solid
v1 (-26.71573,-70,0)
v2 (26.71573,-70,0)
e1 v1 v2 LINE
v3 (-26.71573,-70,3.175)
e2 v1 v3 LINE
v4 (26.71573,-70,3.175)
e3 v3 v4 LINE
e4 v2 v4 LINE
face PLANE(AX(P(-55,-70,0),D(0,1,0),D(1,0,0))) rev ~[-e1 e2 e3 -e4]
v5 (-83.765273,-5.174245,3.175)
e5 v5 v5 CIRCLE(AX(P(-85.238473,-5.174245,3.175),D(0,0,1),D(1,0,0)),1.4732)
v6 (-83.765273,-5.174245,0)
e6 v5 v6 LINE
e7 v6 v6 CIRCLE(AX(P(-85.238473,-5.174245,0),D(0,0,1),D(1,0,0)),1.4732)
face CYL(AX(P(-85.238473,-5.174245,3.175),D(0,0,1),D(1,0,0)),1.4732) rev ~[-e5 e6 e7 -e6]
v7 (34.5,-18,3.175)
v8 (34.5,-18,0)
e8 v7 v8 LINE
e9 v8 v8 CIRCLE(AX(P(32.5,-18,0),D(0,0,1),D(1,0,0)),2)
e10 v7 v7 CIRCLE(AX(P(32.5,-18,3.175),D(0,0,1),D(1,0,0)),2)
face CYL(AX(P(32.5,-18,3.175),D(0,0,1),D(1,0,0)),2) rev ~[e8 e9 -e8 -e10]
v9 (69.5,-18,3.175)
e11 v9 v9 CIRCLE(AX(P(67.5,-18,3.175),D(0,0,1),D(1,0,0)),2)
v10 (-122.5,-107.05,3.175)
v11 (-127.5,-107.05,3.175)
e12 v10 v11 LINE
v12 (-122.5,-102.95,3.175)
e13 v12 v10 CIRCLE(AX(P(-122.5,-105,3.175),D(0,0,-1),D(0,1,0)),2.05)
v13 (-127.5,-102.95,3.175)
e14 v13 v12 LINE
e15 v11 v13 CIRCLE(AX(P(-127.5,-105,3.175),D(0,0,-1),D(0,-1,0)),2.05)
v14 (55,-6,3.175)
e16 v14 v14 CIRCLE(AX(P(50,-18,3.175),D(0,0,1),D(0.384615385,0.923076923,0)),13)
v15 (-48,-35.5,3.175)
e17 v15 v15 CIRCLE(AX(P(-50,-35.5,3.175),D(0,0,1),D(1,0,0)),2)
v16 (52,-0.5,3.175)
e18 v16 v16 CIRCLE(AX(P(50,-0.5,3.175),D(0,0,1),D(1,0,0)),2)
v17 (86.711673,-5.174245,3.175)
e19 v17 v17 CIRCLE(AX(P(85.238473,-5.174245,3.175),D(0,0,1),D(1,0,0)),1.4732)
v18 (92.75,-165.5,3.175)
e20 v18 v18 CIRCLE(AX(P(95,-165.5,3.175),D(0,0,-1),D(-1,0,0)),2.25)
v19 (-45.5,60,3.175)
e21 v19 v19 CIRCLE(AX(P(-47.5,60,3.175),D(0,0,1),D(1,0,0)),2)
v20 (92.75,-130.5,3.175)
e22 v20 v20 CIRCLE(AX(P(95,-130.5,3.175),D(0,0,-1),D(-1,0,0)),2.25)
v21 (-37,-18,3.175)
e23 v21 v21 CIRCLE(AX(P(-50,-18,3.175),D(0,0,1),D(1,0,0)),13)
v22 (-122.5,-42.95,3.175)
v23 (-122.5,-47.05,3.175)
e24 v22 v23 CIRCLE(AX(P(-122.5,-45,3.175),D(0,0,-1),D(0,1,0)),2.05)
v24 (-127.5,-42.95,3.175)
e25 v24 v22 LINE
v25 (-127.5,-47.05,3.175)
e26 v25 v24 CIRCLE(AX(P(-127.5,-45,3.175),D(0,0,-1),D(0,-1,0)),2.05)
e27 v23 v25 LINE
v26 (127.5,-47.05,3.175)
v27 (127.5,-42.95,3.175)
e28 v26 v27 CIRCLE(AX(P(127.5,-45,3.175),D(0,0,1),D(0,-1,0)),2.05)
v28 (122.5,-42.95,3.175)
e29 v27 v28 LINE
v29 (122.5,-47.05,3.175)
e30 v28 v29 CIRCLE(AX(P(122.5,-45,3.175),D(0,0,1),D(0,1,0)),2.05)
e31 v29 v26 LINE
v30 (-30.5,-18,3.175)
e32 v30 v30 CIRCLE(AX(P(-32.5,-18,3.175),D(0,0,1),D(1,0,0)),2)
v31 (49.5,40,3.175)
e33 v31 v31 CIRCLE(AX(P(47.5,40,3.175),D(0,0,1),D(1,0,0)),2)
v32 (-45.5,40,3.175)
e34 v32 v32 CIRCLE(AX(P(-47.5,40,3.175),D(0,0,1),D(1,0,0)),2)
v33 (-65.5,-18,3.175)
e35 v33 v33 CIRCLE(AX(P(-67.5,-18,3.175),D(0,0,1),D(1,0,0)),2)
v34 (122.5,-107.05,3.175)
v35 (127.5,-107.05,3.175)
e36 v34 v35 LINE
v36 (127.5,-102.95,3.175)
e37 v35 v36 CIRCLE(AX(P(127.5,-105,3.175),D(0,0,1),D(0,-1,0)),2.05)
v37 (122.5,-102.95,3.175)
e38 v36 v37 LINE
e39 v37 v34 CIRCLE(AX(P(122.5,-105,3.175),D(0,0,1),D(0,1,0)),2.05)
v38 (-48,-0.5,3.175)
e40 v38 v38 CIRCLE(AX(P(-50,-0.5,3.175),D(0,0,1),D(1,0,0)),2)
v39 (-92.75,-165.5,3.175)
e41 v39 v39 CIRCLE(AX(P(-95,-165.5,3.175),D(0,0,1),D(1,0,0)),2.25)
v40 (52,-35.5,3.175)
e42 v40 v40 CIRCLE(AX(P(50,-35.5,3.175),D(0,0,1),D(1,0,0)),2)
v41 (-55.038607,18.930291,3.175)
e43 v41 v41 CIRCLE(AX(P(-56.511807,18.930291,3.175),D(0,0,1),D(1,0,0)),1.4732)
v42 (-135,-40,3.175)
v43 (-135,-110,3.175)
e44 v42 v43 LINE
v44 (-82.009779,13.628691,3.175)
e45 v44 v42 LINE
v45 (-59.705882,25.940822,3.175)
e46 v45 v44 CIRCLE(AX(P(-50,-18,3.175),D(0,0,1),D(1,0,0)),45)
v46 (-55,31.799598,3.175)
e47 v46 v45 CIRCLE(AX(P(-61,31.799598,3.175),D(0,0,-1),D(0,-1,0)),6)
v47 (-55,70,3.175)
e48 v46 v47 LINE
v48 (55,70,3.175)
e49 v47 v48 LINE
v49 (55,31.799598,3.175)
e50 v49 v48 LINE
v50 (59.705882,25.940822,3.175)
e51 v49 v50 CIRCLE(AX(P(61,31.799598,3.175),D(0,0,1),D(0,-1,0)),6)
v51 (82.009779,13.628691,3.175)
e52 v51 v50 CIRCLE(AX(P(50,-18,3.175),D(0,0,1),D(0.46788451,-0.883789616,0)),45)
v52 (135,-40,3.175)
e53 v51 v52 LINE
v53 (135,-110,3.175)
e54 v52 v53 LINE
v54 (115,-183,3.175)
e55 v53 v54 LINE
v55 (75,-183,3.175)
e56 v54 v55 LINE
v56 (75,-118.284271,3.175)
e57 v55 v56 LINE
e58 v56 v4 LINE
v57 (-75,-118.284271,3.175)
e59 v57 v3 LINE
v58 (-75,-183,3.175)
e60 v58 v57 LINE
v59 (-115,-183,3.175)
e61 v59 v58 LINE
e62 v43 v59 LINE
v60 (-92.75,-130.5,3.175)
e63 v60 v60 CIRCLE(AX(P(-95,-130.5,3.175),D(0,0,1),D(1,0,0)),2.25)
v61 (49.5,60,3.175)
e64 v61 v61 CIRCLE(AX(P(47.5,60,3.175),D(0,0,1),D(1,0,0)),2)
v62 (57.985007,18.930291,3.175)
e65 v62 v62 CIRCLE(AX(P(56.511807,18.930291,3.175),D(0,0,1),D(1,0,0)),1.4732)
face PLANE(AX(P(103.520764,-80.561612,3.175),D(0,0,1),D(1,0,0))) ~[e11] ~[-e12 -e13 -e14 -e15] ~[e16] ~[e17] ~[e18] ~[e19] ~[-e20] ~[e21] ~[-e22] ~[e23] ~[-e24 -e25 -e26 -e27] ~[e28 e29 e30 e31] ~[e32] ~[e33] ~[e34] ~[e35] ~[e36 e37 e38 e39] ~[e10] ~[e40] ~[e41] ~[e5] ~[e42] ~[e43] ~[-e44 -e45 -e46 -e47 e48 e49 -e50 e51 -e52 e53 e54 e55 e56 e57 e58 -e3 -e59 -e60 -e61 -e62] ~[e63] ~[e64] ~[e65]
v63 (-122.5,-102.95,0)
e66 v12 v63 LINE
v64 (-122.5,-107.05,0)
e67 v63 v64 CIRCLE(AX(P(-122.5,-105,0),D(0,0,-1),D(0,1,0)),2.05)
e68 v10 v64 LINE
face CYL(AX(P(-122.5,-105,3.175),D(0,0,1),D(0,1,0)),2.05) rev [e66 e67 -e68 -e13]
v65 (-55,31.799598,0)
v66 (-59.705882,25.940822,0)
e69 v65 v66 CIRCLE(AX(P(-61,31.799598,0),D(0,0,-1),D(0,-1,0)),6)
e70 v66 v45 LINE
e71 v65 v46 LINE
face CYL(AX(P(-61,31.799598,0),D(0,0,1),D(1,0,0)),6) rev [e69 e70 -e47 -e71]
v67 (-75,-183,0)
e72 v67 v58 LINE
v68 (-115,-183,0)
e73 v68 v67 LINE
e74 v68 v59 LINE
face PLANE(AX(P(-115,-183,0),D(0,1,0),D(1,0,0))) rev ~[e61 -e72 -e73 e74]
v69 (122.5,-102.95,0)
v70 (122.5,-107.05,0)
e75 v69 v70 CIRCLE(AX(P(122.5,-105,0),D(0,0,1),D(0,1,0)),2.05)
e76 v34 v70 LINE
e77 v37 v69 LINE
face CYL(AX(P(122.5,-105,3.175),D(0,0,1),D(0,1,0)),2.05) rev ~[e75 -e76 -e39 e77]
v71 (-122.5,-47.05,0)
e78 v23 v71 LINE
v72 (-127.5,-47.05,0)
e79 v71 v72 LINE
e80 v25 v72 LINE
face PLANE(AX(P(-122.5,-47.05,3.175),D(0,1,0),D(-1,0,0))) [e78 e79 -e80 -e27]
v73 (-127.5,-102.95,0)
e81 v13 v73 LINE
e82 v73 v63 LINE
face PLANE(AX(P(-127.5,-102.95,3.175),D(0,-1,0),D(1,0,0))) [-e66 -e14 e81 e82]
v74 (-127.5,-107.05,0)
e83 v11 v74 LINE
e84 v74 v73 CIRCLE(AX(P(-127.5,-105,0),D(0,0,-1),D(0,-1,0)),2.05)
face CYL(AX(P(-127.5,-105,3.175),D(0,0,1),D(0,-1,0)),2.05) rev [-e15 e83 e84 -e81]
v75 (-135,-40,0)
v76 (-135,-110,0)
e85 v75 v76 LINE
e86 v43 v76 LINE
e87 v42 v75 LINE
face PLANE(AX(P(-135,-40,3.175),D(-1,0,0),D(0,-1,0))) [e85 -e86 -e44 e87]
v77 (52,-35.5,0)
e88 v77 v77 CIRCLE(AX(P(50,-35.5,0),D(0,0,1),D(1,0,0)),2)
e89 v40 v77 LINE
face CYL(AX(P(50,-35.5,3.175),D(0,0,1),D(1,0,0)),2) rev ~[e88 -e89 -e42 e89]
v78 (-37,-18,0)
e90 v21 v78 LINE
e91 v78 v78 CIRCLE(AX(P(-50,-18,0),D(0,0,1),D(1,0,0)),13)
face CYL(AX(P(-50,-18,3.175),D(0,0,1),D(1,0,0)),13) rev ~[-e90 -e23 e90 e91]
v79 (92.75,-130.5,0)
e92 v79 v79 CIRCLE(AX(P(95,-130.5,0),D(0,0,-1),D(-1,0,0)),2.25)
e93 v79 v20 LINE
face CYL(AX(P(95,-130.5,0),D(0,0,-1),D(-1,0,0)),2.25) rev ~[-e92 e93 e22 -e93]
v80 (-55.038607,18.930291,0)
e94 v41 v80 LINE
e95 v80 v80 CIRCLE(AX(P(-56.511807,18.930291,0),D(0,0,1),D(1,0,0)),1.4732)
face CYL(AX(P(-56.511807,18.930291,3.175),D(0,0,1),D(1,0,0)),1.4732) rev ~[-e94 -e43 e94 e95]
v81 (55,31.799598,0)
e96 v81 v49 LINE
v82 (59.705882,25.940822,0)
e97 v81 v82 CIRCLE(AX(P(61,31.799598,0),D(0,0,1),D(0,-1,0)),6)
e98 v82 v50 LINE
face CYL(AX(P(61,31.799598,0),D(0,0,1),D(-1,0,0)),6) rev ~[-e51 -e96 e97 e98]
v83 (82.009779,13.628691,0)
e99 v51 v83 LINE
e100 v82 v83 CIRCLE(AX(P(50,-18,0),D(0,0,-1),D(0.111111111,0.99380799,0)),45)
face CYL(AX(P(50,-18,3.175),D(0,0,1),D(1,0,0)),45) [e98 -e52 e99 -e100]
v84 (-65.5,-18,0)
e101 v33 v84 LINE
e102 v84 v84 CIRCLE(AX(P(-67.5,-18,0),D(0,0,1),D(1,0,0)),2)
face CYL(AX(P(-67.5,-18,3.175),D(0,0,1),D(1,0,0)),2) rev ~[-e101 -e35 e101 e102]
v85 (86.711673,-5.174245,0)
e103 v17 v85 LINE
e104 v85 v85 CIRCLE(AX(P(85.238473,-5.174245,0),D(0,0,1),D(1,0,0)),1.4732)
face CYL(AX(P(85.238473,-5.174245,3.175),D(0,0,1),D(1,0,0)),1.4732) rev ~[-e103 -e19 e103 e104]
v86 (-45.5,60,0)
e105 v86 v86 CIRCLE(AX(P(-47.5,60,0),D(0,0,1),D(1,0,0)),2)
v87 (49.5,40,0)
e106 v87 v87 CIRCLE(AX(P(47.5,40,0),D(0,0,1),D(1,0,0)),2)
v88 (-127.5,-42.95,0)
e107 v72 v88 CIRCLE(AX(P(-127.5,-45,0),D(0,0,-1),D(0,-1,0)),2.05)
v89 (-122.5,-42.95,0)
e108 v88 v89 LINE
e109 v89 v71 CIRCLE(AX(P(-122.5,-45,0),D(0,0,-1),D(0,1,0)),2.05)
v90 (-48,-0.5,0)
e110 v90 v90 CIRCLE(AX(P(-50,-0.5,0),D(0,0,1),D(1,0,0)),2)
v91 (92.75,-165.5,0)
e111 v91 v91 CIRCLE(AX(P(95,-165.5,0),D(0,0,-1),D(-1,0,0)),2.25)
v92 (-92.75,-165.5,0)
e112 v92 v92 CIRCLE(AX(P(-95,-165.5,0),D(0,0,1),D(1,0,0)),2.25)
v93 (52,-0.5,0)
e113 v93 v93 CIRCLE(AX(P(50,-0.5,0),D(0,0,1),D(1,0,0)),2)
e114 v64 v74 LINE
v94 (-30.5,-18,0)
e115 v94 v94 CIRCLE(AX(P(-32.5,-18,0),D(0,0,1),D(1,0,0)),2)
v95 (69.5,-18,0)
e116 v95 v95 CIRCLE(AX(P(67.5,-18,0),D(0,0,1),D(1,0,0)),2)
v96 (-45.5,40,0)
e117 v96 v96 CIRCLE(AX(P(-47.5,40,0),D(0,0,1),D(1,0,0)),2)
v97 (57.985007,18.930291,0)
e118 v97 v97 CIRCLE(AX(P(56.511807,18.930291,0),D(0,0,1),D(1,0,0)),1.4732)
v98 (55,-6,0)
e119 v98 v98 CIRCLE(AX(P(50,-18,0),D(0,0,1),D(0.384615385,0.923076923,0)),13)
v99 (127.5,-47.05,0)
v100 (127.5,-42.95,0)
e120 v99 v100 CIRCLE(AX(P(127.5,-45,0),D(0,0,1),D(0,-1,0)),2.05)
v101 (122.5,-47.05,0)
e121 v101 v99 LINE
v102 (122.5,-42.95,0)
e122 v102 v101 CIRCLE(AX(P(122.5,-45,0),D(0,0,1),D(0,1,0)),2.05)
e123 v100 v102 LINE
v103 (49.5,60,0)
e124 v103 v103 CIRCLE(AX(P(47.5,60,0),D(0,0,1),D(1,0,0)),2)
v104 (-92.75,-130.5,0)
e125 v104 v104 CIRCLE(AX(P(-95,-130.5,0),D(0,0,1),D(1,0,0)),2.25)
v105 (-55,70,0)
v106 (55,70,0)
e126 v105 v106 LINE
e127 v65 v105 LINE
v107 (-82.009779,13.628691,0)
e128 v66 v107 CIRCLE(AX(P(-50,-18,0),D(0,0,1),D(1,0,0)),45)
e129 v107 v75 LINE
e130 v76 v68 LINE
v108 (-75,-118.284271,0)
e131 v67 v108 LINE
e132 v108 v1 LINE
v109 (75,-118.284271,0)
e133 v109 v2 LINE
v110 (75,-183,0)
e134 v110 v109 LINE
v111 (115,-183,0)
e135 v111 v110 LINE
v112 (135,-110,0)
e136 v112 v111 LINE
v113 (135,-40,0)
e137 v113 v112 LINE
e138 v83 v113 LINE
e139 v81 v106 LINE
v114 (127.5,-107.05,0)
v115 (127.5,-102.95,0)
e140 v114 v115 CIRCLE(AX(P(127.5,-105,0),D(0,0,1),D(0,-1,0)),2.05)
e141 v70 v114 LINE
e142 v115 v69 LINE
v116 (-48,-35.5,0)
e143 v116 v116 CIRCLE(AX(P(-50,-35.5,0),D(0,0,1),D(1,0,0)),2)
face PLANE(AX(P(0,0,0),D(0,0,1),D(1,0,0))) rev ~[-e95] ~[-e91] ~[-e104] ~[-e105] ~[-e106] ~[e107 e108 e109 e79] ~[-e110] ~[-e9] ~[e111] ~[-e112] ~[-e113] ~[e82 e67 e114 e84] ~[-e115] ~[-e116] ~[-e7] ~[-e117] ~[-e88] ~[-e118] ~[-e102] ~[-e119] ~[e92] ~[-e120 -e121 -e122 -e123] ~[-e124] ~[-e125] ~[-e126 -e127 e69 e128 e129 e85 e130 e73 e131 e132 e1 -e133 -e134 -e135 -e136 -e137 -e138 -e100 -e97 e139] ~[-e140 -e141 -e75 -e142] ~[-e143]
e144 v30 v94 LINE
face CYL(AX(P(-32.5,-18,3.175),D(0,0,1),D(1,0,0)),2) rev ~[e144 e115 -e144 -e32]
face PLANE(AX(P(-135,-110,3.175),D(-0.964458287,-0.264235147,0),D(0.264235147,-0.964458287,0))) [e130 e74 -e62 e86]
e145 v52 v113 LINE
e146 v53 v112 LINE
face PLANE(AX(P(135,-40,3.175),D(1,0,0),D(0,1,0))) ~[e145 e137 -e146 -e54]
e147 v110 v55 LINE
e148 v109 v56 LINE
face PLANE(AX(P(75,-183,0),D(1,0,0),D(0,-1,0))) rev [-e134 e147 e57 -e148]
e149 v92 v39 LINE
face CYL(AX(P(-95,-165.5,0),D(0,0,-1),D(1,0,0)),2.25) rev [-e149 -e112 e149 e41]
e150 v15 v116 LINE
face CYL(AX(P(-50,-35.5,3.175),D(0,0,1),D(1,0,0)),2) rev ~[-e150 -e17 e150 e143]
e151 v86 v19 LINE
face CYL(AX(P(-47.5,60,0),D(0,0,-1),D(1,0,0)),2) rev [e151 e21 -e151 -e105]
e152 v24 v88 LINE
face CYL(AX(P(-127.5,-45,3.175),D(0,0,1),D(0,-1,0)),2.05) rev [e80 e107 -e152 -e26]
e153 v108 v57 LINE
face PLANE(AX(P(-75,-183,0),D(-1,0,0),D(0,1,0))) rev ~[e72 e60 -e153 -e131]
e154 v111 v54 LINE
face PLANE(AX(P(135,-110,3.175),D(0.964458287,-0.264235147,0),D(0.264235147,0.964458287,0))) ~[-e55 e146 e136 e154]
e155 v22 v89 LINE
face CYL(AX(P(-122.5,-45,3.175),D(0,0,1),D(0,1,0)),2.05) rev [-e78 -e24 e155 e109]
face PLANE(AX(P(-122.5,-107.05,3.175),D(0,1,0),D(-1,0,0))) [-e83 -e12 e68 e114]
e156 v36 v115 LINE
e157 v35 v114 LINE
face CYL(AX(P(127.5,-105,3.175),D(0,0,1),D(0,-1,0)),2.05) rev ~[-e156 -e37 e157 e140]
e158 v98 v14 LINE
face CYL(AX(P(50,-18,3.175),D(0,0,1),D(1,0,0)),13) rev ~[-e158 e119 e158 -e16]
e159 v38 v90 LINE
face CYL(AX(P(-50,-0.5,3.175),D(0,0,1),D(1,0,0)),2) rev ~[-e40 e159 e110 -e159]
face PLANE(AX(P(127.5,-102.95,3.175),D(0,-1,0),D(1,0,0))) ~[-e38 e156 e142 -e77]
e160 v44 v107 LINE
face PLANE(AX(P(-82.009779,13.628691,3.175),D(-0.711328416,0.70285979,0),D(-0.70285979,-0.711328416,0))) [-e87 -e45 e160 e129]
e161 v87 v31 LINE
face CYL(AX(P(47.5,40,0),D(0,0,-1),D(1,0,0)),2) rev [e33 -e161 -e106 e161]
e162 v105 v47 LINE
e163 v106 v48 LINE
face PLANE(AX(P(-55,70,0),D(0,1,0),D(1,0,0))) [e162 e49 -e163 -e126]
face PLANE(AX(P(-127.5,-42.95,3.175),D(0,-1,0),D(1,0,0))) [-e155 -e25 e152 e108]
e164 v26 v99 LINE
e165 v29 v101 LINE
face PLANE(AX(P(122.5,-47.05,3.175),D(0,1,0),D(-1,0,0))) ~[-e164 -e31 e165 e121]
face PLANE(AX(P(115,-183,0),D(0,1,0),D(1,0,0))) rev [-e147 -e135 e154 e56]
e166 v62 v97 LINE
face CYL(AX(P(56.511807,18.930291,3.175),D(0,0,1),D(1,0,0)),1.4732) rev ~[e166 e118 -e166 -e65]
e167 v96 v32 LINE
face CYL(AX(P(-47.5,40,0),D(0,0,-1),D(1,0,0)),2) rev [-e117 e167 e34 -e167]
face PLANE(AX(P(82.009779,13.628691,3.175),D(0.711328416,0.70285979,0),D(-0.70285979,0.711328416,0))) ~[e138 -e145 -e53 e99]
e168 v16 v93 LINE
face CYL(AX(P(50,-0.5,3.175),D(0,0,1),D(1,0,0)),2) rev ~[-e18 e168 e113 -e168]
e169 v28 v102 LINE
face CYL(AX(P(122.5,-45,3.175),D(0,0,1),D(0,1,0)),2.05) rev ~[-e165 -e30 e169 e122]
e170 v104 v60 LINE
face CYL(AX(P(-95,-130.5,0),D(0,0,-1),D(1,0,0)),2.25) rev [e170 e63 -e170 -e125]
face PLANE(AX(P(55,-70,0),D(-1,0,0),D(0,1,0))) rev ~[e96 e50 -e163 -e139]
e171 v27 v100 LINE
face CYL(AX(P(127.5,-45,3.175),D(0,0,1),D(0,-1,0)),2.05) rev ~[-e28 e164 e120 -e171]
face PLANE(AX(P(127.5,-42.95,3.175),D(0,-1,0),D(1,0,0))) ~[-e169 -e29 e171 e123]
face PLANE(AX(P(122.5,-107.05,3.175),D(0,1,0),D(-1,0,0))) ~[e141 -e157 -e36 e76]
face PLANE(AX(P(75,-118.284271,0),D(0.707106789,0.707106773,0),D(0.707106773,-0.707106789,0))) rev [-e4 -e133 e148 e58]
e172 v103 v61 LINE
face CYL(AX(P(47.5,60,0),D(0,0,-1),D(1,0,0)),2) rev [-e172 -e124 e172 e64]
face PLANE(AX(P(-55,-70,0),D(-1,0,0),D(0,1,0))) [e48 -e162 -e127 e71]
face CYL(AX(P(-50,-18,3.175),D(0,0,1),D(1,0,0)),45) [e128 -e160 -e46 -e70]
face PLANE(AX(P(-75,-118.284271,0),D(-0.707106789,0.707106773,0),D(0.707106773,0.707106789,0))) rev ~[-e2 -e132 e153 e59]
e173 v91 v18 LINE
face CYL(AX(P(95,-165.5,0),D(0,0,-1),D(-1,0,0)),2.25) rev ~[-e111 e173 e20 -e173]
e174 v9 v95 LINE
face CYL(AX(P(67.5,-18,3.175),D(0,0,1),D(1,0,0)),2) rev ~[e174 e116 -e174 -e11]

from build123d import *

# Parameters (mm, degrees)
SKETCH1_W           = 110
SKETCH1_H           = 140
SKETCH1_R           = 2
BOSS_EXTRUDE1_DEPTH = 3.175
SKETCH2_R           = 2.25
BOSS_EXTRUDE2_DEPTH = 3.175
SKETCH3_R           = 45
SKETCH3_R_2         = 2
SKETCH3_R_3         = 13
SKETCH3_R_4         = 1.4732
BOSS_EXTRUDE3_DEPTH = 3.175
BOSS_EXTRUDE5_DEPTH = 3.175
FILLET1_R           = 6
SKETCH6_R           = 2
SKETCH6_R_2         = 13
CUT_EXTRUDE1_DEPTH  = 10


with BuildPart() as part:
    # Sketch1 → Boss-Extrude1 (new body)
    with BuildSketch(Plane.XY):
        Rectangle(SKETCH1_W, SKETCH1_H)
        with Locations((-47.5, 40)):
            Circle(SKETCH1_R, mode=Mode.SUBTRACT)
        with Locations((47.5, 40)):
            Circle(SKETCH1_R, mode=Mode.SUBTRACT)
        with Locations((-47.5, 60)):
            Circle(SKETCH1_R, mode=Mode.SUBTRACT)
        with Locations((47.5, 60)):
            Circle(SKETCH1_R, mode=Mode.SUBTRACT)
    extrude(amount=BOSS_EXTRUDE1_DEPTH)

    # Sketch2 → Boss-Extrude2 (add)
    with BuildSketch(Plane.XY):
        Polygon((-26.715730122, -70), (-55, -41.715730122), (-115, -101.715728753), (-115, -183), (-75, -183), (-75, -118.28427098), align=None)
        with Locations((-95, -165.5)):
            Circle(SKETCH2_R, mode=Mode.SUBTRACT)
        with Locations((-95, -130.5)):
            Circle(SKETCH2_R, mode=Mode.SUBTRACT)
    boss_extrude2 = extrude(amount=BOSS_EXTRUDE2_DEPTH)

    # Mirror1: Boss-Extrude2 across plane
    add(boss_extrude2.mirror(Plane(origin=(0, 0, 0), x_dir=(0, 0, 1), z_dir=(1, 0, 0))))

    # Sketch3 → Boss-Extrude3 (add)
    # profile 1 of 2: a face of its own
    with BuildSketch(Plane.XY.offset(3.175)):
        with Locations((-50, -18)):
            Circle(SKETCH3_R)
        with Locations((-67.5, -18)):
            Circle(SKETCH3_R_2, mode=Mode.SUBTRACT)
        with Locations((-50, -18)):
            Circle(SKETCH3_R_3, mode=Mode.SUBTRACT)
        with Locations((-56.511806663, 18.930290738)):
            Circle(SKETCH3_R_4, mode=Mode.SUBTRACT)
        with Locations((-85.238473279, -5.174244625)):
            Circle(SKETCH3_R_4, mode=Mode.SUBTRACT)
    # profile 2 of 2: a face of its own
    with BuildSketch(Plane.XY.offset(3.175)):
        with Locations((50, -18)):
            Circle(SKETCH3_R)
        with Locations((67.5, -18)):
            Circle(SKETCH3_R_2, mode=Mode.SUBTRACT)
        with Locations((50, -18)):
            Circle(SKETCH3_R_3, mode=Mode.SUBTRACT)
        with Locations((56.511806663, 18.930290738)):
            Circle(SKETCH3_R_4, mode=Mode.SUBTRACT)
        with Locations((85.238473279, -5.174244625)):
            Circle(SKETCH3_R_4, mode=Mode.SUBTRACT)
    extrude(amount=-BOSS_EXTRUDE3_DEPTH)

    # Sketch4 → Boss-Extrude5 (add)
    with BuildSketch(Plane.XY.offset(3.175)):
        with BuildLine():
            Line((-60, -101.715728753), (-60, -40))
            Line((-60, -40), (-89.255572853, -40))
            ThreePointArc((-89.255572853, -40), (-94.594805712, -11.97477772), (-82.00977873, 13.628690546))
            Line((-82.00977873, 13.628690546), (-135, -40))
            Line((-135, -40), (-135, -110))
            Line((-135, -110), (-115, -183))
            Line((-115, -183), (-115, -101.715728753))
            Line((-115, -101.715728753), (-60, -101.715728753))
        make_face()
        with BuildLine():
            Line((-127.5, -102.95), (-122.5, -102.95))
            ThreePointArc((-122.5, -102.95), (-120.45, -105), (-122.5, -107.05))
            Line((-122.5, -107.05), (-127.5, -107.05))
            ThreePointArc((-127.5, -107.05), (-129.55, -105), (-127.5, -102.95))
        make_face(mode=Mode.SUBTRACT)
        with BuildLine():
            ThreePointArc((-122.5, -42.95), (-120.45, -45), (-122.5, -47.05))
            Line((-122.5, -47.05), (-127.5, -47.05))
            ThreePointArc((-127.5, -47.05), (-129.55, -45), (-127.5, -42.95))
            Line((-127.5, -42.95), (-122.5, -42.95))
        make_face(mode=Mode.SUBTRACT)
    boss_extrude5 = extrude(amount=-BOSS_EXTRUDE5_DEPTH)

    # Mirror2: Boss-Extrude5 across plane
    add(boss_extrude5.mirror(Plane(origin=(0, 0, 0), x_dir=(0, 0, 1), z_dir=(1, 0, 0))))

    # Fillet1
    fillet1_edges = [part.edges().sort_by_distance(p)[0] for p in [
        (-55, 26.72135955, 1.5875),
        (55, 26.72135955, 1.5875),
    ]]
    fillet(fillet1_edges, radius=FILLET1_R)

    # Sketch6 → Cut-Extrude1 (cut)
    with BuildSketch(Plane.XY.offset(3.175)):
        with Locations((32.5, -18)):
            Circle(SKETCH6_R)
        with Locations((50, -0.5)):
            Circle(SKETCH6_R)
        with Locations((67.5, -18)):
            Circle(SKETCH6_R)
        with Locations((50, -18)):
            Circle(SKETCH6_R_2)
        with Locations((50, -35.5)):
            Circle(SKETCH6_R)
        with Locations((-50, -18)):
            Circle(SKETCH6_R_2)
        with Locations((-67.5, -18)):
            Circle(SKETCH6_R)
        with Locations((-50, -35.5)):
            Circle(SKETCH6_R)
        with Locations((-32.5, -18)):
            Circle(SKETCH6_R)
        with Locations((-50, -0.5)):
            Circle(SKETCH6_R)
    extrude(amount=-CUT_EXTRUDE1_DEPTH, mode=Mode.SUBTRACT)


solid = part.part
